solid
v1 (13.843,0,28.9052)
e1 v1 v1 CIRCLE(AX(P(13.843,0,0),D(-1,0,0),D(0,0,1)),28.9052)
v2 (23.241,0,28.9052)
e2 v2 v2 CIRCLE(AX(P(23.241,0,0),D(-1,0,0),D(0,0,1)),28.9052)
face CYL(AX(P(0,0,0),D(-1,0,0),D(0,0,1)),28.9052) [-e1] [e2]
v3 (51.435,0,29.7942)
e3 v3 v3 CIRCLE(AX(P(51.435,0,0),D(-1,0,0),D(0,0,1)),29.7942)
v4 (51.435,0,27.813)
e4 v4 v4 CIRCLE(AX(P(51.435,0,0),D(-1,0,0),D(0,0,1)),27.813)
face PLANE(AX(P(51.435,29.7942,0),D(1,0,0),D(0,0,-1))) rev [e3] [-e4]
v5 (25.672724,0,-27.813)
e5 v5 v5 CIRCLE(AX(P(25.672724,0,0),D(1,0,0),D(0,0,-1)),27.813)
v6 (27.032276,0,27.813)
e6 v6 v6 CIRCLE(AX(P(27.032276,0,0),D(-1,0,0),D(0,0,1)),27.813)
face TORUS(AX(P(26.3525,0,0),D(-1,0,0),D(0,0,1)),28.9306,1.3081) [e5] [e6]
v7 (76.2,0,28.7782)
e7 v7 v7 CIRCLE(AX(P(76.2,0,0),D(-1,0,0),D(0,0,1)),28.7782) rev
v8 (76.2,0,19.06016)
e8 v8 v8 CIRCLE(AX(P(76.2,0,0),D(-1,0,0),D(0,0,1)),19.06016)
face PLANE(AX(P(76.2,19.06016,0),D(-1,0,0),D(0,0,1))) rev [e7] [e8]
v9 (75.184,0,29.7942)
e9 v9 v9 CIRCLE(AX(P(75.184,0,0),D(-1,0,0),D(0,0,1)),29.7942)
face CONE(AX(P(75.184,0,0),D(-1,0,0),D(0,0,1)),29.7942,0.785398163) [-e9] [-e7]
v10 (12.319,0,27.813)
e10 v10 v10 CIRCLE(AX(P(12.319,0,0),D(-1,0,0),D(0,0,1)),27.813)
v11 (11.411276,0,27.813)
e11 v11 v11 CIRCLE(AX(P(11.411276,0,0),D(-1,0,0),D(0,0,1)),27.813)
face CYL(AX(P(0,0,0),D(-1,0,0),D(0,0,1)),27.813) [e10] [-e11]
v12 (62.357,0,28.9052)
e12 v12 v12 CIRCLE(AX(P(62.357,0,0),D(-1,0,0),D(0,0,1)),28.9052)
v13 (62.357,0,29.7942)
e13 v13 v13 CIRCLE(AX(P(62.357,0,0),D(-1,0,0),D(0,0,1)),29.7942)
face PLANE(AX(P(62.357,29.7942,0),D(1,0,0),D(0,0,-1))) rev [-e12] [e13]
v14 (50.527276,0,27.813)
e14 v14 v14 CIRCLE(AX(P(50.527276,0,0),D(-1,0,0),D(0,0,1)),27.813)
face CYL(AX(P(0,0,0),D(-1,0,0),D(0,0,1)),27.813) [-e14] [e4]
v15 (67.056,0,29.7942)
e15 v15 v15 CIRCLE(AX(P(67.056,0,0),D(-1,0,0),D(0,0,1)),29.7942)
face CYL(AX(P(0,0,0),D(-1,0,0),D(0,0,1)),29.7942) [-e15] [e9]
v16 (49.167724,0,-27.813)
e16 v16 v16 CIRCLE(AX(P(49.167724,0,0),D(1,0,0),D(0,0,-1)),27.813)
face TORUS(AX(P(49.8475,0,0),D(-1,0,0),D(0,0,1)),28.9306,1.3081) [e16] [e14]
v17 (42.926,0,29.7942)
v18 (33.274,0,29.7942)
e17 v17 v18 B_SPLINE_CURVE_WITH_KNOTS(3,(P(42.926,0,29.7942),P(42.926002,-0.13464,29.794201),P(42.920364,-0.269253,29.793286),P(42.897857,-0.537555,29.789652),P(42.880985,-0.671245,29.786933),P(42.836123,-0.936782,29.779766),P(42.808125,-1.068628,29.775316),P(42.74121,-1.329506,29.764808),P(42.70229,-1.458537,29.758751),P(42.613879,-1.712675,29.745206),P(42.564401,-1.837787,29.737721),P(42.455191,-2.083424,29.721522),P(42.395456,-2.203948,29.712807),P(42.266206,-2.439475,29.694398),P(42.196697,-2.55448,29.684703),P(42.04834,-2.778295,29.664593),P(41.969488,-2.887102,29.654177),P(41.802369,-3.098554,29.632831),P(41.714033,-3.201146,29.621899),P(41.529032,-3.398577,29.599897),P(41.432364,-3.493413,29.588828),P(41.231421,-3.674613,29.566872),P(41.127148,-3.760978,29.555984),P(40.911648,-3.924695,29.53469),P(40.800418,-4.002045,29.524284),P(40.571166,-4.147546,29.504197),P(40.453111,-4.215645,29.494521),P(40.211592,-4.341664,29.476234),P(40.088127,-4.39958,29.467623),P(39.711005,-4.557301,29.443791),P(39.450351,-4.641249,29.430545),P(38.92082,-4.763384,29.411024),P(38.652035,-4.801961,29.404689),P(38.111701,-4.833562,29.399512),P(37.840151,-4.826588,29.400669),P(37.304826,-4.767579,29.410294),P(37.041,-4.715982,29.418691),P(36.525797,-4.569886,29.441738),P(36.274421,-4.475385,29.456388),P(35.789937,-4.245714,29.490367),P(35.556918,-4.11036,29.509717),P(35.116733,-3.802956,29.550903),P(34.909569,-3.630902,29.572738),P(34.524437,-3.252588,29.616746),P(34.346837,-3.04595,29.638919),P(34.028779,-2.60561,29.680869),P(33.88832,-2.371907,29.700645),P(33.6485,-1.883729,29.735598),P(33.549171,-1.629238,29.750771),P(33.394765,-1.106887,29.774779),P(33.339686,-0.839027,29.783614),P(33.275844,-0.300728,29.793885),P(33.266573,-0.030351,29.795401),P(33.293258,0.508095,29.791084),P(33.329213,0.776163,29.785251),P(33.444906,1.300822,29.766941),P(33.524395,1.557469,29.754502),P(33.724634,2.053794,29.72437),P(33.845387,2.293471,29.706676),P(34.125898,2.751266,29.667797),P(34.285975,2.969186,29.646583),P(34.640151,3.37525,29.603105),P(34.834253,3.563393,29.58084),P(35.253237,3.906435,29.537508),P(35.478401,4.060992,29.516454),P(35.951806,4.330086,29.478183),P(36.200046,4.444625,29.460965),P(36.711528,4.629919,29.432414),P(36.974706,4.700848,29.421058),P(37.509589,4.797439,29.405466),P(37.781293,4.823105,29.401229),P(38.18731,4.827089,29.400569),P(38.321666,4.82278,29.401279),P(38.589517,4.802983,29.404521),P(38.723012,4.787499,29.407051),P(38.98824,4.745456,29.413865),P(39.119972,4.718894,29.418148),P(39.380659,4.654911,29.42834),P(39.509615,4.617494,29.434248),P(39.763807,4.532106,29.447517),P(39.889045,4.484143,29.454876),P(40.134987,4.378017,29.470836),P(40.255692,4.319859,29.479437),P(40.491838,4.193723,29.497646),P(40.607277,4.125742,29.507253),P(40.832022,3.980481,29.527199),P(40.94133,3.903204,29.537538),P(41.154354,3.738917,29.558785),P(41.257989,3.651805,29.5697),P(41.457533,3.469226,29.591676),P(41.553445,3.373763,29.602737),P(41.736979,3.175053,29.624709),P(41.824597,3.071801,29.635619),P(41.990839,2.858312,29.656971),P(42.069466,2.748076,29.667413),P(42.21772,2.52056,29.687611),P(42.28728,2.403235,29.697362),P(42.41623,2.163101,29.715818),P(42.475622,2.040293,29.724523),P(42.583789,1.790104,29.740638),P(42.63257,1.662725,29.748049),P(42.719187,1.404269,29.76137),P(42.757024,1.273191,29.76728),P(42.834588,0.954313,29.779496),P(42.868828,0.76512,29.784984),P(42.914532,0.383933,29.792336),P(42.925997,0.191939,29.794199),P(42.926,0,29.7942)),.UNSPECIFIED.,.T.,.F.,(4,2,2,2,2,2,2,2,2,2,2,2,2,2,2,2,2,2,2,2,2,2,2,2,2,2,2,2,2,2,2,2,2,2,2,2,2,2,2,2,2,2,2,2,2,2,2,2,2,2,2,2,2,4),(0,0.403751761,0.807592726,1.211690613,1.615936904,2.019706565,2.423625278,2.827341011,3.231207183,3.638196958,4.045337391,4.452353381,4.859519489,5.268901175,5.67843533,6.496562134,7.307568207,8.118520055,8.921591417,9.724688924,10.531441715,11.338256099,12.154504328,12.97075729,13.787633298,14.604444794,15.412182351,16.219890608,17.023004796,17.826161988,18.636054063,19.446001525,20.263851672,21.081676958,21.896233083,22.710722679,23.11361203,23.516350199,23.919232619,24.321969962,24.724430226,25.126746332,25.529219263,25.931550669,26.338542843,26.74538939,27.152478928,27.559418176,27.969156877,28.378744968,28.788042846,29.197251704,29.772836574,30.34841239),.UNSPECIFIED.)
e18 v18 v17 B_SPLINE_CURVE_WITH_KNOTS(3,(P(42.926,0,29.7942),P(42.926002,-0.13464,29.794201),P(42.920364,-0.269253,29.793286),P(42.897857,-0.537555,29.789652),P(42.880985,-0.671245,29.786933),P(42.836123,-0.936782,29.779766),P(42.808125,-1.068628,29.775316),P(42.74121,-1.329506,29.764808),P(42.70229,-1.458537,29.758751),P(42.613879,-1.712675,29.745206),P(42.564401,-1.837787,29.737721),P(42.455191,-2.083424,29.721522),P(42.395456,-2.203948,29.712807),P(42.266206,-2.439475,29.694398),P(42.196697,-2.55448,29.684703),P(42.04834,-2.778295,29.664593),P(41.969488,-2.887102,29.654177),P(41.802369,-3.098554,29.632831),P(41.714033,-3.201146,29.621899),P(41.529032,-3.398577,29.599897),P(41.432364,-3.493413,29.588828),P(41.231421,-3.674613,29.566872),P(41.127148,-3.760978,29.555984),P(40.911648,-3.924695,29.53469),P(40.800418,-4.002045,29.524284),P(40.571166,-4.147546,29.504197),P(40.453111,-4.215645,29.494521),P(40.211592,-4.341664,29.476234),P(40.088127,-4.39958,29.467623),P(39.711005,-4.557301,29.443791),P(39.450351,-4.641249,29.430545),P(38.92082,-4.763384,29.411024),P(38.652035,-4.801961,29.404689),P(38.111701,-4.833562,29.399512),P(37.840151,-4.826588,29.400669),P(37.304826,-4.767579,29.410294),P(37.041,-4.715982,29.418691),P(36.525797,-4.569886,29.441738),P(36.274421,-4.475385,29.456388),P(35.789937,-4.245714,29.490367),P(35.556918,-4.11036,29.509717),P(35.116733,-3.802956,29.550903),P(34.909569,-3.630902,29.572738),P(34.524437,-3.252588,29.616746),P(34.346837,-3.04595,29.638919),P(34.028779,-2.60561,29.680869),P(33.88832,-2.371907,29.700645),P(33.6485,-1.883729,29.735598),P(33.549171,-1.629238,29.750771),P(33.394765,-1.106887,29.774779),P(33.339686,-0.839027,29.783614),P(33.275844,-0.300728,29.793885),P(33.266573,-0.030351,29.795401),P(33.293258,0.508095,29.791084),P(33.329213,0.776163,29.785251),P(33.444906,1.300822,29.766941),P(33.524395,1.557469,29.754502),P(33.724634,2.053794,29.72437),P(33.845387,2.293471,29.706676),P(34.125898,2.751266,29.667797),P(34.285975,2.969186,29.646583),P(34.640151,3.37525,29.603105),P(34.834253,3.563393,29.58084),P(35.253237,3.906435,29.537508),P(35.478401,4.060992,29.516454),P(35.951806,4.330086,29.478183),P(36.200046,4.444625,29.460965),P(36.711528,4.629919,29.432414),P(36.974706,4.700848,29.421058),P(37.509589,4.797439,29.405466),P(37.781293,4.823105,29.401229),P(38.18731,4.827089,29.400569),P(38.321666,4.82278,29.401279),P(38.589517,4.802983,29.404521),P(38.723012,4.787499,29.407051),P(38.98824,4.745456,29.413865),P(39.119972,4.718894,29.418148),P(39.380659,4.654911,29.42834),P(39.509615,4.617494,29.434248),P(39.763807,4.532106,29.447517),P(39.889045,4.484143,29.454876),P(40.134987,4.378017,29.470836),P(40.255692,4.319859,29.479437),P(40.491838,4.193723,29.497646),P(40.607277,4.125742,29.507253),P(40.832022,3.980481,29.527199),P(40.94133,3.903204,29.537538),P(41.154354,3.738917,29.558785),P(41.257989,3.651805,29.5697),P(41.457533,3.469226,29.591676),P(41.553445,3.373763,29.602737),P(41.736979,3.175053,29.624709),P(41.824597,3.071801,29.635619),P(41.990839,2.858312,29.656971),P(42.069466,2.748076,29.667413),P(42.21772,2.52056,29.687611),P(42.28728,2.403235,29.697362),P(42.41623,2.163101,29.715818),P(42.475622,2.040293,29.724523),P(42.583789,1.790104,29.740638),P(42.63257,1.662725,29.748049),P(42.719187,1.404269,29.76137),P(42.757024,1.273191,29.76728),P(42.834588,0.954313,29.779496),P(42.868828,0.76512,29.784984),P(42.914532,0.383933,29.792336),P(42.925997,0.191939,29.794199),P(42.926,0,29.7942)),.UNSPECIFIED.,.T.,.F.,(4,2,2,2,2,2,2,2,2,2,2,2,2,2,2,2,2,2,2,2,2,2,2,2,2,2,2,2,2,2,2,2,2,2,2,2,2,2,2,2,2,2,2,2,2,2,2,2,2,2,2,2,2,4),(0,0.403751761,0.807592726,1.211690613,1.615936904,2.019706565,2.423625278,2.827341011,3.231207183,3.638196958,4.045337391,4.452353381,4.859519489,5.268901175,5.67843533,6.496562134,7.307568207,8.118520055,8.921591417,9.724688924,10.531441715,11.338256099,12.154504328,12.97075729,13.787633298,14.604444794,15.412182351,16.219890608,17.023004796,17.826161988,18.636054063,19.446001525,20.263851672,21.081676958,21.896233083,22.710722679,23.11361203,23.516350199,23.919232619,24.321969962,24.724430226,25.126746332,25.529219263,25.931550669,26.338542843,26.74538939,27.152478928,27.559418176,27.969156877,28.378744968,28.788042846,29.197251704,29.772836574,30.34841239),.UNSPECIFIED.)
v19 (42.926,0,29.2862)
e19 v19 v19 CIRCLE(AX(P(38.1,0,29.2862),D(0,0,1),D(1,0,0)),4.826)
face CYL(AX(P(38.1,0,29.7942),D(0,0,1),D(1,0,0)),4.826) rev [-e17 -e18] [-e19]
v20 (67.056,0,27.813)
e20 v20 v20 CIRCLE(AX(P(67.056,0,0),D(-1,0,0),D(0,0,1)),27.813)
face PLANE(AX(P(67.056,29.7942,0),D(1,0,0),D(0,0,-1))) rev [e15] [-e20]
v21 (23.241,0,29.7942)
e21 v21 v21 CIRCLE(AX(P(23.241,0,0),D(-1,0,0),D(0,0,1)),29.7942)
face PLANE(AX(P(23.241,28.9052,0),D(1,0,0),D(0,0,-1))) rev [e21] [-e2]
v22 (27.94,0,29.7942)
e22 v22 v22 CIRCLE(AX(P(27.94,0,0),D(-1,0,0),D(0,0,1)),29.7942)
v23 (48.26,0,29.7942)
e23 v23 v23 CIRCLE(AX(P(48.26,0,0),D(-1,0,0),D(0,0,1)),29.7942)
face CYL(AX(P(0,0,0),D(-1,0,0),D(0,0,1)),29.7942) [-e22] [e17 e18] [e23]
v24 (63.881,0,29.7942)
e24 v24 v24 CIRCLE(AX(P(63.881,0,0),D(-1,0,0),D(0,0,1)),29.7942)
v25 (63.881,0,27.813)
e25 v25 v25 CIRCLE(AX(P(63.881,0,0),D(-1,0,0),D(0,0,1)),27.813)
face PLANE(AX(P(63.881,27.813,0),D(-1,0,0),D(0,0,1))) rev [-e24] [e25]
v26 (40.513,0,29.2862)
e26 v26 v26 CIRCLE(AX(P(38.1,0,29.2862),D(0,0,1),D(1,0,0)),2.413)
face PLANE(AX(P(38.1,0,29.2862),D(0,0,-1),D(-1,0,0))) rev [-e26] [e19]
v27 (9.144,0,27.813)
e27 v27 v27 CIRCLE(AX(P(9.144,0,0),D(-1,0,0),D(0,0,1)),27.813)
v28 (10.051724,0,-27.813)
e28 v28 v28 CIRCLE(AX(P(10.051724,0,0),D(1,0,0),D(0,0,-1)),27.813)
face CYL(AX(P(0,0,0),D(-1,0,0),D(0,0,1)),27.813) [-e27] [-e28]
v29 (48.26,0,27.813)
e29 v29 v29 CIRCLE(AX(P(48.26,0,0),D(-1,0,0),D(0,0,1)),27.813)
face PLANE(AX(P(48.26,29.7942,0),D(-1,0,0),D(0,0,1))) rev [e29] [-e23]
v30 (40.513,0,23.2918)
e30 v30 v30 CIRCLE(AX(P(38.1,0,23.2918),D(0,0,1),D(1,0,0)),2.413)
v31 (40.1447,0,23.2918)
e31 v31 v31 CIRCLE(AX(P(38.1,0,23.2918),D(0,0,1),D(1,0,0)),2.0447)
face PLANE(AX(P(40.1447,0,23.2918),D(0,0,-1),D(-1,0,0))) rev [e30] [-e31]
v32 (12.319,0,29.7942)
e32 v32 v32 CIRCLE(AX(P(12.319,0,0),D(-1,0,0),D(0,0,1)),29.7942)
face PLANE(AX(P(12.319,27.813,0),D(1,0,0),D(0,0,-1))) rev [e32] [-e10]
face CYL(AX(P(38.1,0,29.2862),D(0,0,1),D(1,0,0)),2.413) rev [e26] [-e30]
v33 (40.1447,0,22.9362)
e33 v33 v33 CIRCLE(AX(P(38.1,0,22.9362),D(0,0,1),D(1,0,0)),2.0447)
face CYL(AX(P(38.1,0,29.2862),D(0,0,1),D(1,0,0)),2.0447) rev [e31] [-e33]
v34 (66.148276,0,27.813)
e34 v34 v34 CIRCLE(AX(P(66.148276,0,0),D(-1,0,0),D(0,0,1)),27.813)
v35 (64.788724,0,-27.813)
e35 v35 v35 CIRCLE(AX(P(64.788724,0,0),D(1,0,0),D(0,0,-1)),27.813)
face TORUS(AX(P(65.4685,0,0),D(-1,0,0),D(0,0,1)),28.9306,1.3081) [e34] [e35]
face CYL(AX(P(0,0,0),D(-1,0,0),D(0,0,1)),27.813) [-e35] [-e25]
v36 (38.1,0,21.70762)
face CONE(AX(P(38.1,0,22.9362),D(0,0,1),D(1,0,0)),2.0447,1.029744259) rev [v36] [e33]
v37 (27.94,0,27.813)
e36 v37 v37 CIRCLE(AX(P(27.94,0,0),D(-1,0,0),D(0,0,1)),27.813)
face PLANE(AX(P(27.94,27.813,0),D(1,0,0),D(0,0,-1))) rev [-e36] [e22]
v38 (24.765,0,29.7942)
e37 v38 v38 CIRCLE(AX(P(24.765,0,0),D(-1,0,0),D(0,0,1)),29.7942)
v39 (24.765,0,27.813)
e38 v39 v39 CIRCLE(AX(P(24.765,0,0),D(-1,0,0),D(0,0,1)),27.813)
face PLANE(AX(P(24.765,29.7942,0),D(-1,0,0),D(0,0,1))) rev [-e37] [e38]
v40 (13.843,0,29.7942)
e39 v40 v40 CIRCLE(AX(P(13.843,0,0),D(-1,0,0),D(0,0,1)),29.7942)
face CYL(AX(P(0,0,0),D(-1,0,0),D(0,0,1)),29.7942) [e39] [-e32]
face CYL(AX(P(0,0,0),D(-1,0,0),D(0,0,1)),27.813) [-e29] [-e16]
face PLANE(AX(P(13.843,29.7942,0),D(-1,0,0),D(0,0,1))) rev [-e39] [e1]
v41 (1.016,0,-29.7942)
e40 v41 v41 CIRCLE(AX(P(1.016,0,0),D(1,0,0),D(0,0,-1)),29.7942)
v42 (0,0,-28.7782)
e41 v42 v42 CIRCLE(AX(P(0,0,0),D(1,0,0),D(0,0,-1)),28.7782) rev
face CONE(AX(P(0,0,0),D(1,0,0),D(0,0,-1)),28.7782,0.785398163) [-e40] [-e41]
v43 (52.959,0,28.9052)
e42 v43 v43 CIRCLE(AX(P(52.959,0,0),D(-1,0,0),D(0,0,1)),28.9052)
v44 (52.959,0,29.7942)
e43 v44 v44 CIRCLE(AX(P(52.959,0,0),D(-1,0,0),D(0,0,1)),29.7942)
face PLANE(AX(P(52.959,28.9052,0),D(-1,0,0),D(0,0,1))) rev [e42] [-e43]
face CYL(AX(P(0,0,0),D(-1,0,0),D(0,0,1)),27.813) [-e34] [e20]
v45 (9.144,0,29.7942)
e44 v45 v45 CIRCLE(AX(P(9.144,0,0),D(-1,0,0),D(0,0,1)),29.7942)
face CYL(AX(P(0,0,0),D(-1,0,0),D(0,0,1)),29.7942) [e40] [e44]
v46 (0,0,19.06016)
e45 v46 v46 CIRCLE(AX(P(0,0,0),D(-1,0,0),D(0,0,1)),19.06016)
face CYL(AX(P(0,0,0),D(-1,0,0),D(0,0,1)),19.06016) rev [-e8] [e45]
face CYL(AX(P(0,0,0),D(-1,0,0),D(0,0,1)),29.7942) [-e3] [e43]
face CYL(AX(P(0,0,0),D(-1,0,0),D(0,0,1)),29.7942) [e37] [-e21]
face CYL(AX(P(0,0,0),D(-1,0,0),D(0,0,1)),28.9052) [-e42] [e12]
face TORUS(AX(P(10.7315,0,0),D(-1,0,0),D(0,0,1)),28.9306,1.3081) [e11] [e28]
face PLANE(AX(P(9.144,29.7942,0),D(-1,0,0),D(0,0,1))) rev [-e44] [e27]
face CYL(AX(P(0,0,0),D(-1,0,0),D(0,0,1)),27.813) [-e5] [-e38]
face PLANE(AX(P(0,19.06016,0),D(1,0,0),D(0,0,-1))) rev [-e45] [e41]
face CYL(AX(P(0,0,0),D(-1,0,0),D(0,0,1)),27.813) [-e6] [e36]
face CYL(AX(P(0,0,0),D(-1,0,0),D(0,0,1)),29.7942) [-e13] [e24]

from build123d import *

# Parameters (mm, degrees)
CHAMFER1_SIZE                   = 1.016
F_1_4_0_25_DIAMETER_HOLE1_D     = 9.652
F_1_4_0_25_DIAMETER_HOLE1_DEPTH = 0.508
AIR_HOLE_D                      = 4.0894
AIR_HOLE_DEPTH                  = 6.35
AIR_HOLE_CBORE_D                = 4.826
AIR_HOLE_CBORE_DEPTH            = 5.9944
AIR_HOLE_TIP                    = 1.228579708
SKETCH5_R                       = 1.3081


with BuildPart() as part:
    # Sketch1 → Revolve1 (revolve)
    with BuildSketch(Plane.XY, mode=Mode.PRIVATE) as revolve1_sk:
        Polygon((0, 19.06016), (76.2, 19.06016), (76.2, 29.7942), (67.056, 29.7942), (67.056, 27.813), (63.881, 27.813), (63.881, 29.7942), (62.357, 29.7942), (62.357, 28.9052), (52.959, 28.9052), (52.959, 29.7942), (51.435, 29.7942), (51.435, 27.813), (48.26, 27.813), (48.26, 29.7942), (27.94, 29.7942), (27.94, 27.813), (24.765, 27.813), (24.765, 29.7942), (23.241, 29.7942), (23.241, 28.9052), (13.843, 28.9052), (13.843, 29.7942), (12.319, 29.7942), (12.319, 27.813), (9.144, 27.813), (9.144, 29.7942), (0, 29.7942), align=None)
    revolve(revolve1_sk.sketch.rotate(Axis((0, 0, 0), (1, 0, 0)), 90), axis=Axis((0, 0, 0), (1, 0, 0)))  # turned: the seam where the file's is

    # Chamfer1
    chamfer1_edges = [part.edges().sort_by_distance(p)[0] for p in [
        (76.2, 0, -29.7942),
        (0, 0, -29.7942),
    ]]
    chamfer(chamfer1_edges, length=CHAMFER1_SIZE)

    # 1/4 (0.25) Diameter Hole1
    with Locations(Plane(origin=(38.1, 0, 29.7942), x_dir=(1, 0, 0), z_dir=(0, 0, 1))):
        with Locations((0, 0)):
            Hole(F_1_4_0_25_DIAMETER_HOLE1_D / 2, depth=F_1_4_0_25_DIAMETER_HOLE1_DEPTH)

    # Air Hole
    with Locations(Plane.XY.offset(29.2862)):
        with Locations((38.1, 0)):
            CounterBoreHole(AIR_HOLE_D / 2, AIR_HOLE_CBORE_D / 2, AIR_HOLE_CBORE_DEPTH, depth=AIR_HOLE_DEPTH)
            with Locations((0, 0, -(AIR_HOLE_DEPTH + AIR_HOLE_TIP / 2))):  # 118° drill point
                Cone(0, AIR_HOLE_D / 2, AIR_HOLE_TIP, mode=Mode.SUBTRACT)

    # Sketch5 → Revolve2 (revolve)
    with BuildSketch(Plane.XY, mode=Mode.PRIVATE) as revolve2_sk:
        with Locations((10.7315, 28.9306)):
            Circle(SKETCH5_R)
        with Locations((26.3525, 28.9306)):
            Circle(SKETCH5_R)
        with Locations((49.8475, 28.9306)):
            Circle(SKETCH5_R)
        with Locations((65.4685, 28.9306)):
            Circle(SKETCH5_R)
    revolve(revolve2_sk.sketch.rotate(Axis((0, 0, 0), (1, 0, 0)), 90), axis=Axis((0, 0, 0), (1, 0, 0)))  # turned: the seam where the file's is


solid = part.part
